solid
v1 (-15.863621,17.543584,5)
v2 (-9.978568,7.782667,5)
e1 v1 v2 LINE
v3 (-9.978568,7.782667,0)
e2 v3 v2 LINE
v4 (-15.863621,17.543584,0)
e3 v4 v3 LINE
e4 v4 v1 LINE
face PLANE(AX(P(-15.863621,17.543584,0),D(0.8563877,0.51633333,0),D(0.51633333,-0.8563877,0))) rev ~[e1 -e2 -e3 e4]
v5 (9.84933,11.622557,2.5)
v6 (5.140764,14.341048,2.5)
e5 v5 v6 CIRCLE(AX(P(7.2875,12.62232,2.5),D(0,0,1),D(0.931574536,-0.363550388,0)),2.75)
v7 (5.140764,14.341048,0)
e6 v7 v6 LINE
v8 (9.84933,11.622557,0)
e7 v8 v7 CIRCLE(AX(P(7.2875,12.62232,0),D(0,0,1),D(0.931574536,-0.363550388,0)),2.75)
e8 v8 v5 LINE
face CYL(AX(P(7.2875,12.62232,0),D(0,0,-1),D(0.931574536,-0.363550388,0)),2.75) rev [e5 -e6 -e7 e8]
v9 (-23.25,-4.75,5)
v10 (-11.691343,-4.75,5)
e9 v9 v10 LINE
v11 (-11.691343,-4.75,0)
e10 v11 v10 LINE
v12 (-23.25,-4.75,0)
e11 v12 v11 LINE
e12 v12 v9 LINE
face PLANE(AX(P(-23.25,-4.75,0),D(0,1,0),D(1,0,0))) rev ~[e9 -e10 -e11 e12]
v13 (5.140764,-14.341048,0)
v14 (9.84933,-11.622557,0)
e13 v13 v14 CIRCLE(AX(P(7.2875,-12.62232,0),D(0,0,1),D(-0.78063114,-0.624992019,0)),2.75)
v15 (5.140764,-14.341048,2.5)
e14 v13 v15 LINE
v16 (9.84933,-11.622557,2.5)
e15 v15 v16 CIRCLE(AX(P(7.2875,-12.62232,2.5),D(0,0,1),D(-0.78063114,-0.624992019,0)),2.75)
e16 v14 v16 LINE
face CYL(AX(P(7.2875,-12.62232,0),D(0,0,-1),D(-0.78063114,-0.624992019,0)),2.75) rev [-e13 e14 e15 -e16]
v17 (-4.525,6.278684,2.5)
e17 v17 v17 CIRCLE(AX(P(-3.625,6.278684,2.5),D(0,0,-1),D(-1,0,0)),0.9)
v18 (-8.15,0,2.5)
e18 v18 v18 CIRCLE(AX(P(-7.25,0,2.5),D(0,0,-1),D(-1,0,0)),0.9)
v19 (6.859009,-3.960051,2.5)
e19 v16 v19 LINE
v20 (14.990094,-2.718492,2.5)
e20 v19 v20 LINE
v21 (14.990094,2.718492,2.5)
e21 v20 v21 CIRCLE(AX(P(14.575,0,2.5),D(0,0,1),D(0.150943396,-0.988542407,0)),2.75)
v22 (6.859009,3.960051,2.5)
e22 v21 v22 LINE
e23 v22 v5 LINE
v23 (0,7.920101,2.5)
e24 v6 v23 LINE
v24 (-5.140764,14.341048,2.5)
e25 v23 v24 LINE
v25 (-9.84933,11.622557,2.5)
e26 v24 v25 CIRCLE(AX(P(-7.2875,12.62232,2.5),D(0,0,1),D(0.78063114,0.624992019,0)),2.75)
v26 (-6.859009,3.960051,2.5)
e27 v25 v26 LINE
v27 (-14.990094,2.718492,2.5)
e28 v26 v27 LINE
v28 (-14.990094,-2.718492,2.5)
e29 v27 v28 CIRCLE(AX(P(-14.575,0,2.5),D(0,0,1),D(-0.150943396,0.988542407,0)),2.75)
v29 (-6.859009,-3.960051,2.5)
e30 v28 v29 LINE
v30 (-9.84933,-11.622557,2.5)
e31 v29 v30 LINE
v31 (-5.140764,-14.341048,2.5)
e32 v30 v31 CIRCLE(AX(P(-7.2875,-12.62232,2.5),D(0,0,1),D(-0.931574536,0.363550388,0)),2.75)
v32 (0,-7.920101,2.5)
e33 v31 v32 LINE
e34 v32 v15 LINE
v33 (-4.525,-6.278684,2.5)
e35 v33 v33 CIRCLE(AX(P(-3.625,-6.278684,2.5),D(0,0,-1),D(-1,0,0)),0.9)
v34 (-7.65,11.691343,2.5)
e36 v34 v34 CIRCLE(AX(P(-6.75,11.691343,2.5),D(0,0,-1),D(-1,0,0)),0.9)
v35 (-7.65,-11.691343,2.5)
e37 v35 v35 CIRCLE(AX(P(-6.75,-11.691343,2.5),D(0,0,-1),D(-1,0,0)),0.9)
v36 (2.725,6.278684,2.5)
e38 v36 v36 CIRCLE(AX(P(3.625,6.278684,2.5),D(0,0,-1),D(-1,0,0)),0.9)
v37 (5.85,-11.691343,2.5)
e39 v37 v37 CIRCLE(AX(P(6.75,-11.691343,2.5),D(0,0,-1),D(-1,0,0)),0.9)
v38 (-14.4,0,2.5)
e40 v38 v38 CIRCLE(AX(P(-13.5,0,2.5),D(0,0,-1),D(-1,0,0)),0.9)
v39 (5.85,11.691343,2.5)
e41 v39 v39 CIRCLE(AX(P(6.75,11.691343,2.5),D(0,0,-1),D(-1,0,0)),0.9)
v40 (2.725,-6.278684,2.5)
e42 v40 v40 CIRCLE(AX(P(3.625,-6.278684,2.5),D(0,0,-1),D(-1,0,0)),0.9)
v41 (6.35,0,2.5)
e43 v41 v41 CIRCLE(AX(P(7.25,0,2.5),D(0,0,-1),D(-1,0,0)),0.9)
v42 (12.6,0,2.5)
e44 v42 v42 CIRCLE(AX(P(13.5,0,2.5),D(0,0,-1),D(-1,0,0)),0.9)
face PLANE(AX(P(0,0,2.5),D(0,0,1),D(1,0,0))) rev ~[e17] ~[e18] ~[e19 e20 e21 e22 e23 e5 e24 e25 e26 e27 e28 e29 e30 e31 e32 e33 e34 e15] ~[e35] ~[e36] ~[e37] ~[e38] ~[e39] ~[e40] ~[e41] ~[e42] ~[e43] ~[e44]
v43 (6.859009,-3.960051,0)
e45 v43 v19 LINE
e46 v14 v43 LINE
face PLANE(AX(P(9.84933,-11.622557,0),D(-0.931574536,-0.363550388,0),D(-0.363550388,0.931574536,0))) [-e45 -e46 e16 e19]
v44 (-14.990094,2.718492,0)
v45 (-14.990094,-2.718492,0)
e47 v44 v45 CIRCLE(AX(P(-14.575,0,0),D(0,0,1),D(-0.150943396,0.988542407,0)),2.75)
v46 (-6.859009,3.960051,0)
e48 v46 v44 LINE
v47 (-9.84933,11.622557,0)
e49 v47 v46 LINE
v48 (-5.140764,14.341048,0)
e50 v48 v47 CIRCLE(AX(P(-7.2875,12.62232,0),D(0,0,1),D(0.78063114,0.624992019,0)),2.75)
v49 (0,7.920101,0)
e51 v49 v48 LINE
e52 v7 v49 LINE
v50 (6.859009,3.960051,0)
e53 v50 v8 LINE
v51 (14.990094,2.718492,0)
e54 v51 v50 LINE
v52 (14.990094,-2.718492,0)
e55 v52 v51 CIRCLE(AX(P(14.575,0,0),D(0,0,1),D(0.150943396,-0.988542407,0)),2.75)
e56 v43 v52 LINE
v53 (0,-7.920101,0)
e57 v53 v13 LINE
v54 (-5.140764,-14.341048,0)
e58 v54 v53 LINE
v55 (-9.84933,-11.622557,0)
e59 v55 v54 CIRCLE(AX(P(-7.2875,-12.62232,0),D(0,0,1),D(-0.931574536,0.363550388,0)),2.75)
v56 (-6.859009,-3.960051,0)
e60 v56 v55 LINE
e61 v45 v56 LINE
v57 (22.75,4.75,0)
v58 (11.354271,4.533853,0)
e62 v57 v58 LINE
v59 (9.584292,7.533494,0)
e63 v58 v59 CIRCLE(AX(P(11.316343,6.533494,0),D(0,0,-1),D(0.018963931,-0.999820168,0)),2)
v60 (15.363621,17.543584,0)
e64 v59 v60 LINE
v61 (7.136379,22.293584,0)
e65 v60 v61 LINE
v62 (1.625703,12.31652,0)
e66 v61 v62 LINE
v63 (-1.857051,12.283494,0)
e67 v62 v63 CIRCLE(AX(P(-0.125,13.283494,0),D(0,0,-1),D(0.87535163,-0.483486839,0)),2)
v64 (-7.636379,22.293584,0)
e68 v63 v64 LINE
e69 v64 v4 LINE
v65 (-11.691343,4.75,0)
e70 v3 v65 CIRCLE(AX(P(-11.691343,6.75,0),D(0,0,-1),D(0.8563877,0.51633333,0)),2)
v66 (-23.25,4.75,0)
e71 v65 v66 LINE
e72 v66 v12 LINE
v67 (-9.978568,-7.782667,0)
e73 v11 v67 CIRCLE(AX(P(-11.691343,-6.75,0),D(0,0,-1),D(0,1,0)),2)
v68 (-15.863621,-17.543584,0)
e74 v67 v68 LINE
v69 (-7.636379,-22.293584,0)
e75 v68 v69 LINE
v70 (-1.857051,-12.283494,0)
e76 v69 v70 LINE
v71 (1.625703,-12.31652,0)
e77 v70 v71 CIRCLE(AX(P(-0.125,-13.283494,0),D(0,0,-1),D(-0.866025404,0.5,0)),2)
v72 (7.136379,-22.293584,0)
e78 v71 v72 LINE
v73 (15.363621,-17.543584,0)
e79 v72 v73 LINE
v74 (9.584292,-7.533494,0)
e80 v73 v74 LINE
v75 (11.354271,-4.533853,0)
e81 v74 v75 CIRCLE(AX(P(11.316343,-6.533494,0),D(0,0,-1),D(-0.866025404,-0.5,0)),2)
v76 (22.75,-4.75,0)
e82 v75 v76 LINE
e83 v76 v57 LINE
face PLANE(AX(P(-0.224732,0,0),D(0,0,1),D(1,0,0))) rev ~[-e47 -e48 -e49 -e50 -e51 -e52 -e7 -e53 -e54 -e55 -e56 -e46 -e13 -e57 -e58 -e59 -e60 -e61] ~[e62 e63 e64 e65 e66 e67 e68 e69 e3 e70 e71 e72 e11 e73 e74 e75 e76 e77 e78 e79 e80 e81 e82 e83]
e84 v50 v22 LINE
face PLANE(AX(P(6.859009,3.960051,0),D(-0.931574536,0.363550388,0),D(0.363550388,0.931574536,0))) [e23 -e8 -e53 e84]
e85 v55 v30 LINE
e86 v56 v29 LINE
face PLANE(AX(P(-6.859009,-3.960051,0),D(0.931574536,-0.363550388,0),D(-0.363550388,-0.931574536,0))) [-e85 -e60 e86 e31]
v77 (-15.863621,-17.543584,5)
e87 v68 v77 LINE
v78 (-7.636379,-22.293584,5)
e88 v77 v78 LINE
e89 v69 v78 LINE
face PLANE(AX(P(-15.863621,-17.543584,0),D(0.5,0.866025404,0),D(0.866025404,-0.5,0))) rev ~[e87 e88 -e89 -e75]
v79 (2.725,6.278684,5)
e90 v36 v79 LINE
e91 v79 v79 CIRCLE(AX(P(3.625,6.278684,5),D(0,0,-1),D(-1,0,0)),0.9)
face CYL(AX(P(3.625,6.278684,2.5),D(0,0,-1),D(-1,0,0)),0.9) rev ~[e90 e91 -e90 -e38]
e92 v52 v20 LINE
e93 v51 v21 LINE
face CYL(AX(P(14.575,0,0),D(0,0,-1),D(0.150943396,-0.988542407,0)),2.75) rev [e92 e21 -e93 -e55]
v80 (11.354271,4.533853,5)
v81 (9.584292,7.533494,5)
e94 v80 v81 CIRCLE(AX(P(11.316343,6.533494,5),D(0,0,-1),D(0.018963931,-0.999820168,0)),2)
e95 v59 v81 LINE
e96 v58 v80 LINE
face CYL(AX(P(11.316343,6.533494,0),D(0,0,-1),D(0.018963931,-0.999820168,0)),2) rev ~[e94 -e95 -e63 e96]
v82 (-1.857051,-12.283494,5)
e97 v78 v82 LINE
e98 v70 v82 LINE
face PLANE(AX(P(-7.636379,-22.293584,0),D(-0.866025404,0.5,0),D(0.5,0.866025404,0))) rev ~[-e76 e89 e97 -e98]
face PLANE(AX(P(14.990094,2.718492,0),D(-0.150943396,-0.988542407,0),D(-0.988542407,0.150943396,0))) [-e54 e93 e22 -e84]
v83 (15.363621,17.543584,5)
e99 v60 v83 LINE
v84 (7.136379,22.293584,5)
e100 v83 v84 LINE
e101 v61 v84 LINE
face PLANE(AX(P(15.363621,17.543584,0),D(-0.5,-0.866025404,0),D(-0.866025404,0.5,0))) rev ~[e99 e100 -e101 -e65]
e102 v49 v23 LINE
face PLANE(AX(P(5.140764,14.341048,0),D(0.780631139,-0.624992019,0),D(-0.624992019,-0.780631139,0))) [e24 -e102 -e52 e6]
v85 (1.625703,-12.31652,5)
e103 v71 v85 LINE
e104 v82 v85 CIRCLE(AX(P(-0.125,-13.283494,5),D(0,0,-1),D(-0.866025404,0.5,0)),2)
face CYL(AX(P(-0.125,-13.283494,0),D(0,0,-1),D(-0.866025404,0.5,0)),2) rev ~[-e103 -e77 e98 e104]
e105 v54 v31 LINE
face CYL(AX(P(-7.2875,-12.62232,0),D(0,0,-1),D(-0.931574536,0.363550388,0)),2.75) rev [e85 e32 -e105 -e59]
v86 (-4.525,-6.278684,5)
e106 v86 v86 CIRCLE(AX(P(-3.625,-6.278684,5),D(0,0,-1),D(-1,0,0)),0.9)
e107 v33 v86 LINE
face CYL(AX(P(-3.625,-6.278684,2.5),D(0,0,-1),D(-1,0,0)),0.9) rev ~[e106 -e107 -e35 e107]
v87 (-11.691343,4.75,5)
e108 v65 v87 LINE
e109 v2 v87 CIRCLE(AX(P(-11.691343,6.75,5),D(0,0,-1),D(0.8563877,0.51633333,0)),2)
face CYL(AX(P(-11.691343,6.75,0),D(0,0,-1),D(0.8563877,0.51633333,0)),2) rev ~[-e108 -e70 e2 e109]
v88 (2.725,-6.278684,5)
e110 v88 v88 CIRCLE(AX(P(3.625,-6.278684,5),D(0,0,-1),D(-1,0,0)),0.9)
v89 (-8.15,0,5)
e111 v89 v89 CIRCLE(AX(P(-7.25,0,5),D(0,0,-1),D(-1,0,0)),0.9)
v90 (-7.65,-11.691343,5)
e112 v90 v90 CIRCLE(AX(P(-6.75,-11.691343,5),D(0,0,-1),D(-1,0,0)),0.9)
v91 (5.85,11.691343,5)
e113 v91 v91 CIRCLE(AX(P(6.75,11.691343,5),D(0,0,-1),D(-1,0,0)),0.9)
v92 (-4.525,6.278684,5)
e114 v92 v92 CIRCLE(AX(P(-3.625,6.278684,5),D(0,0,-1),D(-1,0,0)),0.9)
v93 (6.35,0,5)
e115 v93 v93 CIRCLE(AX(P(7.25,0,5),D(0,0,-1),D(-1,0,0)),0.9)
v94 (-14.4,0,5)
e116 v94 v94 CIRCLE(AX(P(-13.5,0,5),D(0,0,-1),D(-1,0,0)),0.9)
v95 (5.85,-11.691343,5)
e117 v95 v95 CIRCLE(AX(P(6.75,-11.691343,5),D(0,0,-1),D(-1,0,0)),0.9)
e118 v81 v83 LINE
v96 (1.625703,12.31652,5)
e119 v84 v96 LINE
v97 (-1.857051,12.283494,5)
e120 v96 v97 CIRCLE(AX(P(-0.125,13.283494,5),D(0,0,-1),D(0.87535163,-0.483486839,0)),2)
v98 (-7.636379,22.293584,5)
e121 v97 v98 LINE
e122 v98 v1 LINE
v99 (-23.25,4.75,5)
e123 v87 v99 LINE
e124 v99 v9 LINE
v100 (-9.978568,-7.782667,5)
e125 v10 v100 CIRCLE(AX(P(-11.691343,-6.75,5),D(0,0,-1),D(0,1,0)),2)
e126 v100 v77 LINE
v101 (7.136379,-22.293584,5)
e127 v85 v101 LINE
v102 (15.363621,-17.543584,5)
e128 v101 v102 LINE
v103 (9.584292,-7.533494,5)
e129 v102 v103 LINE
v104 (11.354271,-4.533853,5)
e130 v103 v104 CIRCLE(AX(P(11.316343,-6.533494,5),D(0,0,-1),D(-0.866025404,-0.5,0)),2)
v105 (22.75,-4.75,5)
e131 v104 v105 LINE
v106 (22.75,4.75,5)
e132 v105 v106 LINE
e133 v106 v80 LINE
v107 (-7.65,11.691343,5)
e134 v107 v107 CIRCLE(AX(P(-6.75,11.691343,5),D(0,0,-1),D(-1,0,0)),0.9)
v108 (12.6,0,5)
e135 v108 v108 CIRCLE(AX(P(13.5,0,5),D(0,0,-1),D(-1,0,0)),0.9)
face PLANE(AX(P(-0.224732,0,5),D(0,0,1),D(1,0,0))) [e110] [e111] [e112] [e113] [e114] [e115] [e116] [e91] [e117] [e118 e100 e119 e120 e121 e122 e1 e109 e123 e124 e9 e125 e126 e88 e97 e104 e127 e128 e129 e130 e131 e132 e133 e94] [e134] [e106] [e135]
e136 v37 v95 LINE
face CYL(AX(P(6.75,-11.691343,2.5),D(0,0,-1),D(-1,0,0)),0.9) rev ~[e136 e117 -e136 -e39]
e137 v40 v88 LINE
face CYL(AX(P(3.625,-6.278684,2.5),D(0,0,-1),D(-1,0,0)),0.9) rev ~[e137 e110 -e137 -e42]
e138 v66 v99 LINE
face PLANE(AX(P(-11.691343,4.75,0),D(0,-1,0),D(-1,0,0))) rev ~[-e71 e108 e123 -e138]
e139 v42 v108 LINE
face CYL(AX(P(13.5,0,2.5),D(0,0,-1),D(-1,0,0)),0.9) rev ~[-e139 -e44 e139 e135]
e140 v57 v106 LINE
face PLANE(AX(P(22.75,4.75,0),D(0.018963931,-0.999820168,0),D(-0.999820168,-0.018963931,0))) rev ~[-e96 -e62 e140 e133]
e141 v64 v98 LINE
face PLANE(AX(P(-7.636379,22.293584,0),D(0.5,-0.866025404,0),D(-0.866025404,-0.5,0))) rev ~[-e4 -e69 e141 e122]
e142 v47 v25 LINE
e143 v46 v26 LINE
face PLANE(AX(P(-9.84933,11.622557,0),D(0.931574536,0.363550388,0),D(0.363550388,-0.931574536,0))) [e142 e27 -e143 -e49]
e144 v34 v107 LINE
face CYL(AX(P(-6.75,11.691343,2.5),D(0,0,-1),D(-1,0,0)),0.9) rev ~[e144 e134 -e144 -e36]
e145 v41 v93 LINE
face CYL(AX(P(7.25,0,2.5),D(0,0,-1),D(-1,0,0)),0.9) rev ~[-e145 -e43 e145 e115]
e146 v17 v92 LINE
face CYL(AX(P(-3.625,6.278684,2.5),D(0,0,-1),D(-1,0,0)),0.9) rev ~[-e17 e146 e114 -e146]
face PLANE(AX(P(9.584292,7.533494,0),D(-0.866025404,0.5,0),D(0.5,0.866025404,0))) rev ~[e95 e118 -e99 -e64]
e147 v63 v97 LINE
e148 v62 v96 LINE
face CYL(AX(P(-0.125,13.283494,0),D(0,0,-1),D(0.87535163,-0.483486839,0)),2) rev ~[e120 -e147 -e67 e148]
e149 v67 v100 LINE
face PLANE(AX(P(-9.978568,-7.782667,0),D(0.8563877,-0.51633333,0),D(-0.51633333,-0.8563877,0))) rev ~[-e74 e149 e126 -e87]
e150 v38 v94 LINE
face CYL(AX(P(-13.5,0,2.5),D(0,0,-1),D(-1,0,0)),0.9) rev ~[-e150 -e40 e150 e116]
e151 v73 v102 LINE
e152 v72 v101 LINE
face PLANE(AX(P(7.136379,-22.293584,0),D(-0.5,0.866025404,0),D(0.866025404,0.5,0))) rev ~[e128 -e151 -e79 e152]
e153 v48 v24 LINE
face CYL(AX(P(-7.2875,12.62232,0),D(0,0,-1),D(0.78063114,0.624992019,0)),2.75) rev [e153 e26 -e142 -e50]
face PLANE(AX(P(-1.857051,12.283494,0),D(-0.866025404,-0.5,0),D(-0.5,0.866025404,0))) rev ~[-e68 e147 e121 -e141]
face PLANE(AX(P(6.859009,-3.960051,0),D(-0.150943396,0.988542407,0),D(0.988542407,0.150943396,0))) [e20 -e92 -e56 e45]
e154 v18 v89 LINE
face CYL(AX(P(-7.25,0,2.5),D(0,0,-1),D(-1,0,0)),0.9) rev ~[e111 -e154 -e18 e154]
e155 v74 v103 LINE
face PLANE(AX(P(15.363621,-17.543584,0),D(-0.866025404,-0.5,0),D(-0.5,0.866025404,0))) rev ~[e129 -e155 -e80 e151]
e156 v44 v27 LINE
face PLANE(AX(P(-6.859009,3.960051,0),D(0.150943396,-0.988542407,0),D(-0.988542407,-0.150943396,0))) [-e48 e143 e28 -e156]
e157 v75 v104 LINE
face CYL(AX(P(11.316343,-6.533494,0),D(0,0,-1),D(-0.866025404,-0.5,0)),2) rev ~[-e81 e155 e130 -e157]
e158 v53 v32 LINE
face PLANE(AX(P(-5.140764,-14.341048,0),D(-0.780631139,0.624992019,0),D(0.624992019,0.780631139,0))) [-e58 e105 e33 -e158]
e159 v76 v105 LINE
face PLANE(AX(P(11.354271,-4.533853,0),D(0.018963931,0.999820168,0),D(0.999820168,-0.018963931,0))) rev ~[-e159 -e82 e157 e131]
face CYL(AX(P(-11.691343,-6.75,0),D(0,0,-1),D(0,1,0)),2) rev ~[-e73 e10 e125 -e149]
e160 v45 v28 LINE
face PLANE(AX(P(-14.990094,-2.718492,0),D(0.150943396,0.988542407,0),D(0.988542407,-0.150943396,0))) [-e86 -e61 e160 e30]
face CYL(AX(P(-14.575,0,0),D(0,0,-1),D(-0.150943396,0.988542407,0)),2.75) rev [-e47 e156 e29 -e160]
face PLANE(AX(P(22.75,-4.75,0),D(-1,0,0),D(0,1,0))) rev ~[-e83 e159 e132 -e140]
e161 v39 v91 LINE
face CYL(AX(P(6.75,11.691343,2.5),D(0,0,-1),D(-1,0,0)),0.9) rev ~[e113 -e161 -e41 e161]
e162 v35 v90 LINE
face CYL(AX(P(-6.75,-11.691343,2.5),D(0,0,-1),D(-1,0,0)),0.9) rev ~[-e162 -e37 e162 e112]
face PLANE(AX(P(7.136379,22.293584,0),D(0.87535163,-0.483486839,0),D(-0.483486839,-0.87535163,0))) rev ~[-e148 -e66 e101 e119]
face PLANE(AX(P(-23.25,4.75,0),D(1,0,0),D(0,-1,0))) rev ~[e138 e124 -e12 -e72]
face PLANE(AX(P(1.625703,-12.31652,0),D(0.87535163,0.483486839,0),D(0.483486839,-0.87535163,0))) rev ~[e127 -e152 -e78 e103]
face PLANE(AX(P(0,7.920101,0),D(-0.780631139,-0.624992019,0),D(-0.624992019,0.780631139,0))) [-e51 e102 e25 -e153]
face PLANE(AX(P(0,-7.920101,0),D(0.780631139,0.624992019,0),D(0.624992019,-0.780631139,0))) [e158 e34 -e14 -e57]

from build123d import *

# Parameters (mm, degrees)
BOSS_EXTRUDE2_DEPTH = 5
CUT_EXTRUDE5_DEPTH  = 2.5
SKETCH8_R           = 0.9
CUT_EXTRUDE6_DEPTH  = 33.308147585


with BuildPart() as part:
    # Sketch1 → Boss-Extrude2 (new body)
    with BuildSketch(Plane.XY):
        with BuildLine():
            Line((-23.25, 4.75), (-23.25, -4.75))
            Line((-23.25, -4.75), (-11.691342951, -4.75))
            ThreePointArc((-11.691342951, -4.75), (-9.949887623, -5.766468943), (-9.978567551, -7.78266666))
            Line((-9.978567551, -7.78266666), (-15.863620668, -17.543584287))
            Line((-15.863620668, -17.543584287), (-7.636379332, -22.293584287))
            Line((-7.636379332, -22.293584287), (-1.857050808, -12.283493649))
            ThreePointArc((-1.857050808, -12.283493649), (-0.106035217, -11.283583567), (1.625703261, -12.316519972))
            Line((1.625703261, -12.316519972), (7.136379332, -22.293584287))
            Line((7.136379332, -22.293584287), (15.363620668, -17.543584287))
            Line((15.363620668, -17.543584287), (9.584292144, -7.533493649))
            ThreePointArc((9.584292144, -7.533493649), (9.593852406, -5.517114624), (11.354270812, -4.533853312))
            Line((11.354270812, -4.533853312), (22.75, -4.75))
            Line((22.75, -4.75), (22.75, 4.75))
            Line((22.75, 4.75), (11.354270812, 4.533853312))
            ThreePointArc((11.354270812, 4.533853312), (9.593852406, 5.517114624), (9.584292144, 7.533493649))
            Line((9.584292144, 7.533493649), (15.363620668, 17.543584287))
            Line((15.363620668, 17.543584287), (7.136379332, 22.293584287))
            Line((7.136379332, 22.293584287), (1.625703261, 12.316519972))
            ThreePointArc((1.625703261, 12.316519972), (-0.106035217, 11.283583567), (-1.857050808, 12.283493649))
            Line((-1.857050808, 12.283493649), (-7.636379332, 22.293584287))
            Line((-7.636379332, 22.293584287), (-15.863620668, 17.543584287))
            Line((-15.863620668, 17.543584287), (-9.978567551, 7.78266666))
            ThreePointArc((-9.978567551, 7.78266666), (-9.949887623, 5.766468943), (-11.691342951, 4.75))
            Line((-11.691342951, 4.75), (-23.25, 4.75))
        make_face()
    extrude(amount=BOSS_EXTRUDE2_DEPTH)

    # Sketch7 → Cut-Extrude5 (cut)
    with BuildSketch(Plane(origin=(0, 0, 0), x_dir=(-1, 0, 0), z_dir=(0, 0, -1))):
        with BuildLine():
            Line((-6.859008781, 3.960050566), (-9.849329973, 11.622556693))
            ThreePointArc((-9.849329973, 11.622556693), (-8.6625, 15.003890121), (-5.140764367, 14.341048313))
            Line((-5.140764367, 14.341048313), (0, 7.920101132))
            Line((0, 7.920101132), (5.140764367, 14.341048313))
            ThreePointArc((5.140764367, 14.341048313), (8.6625, 15.003890121), (9.849329973, 11.622556693))
            Line((9.849329973, 11.622556693), (6.859008781, 3.960050566))
            Line((6.859008781, 3.960050566), (14.99009434, 2.71849162))
            ThreePointArc((14.99009434, 2.71849162), (17.325, 0), (14.99009434, -2.71849162))
            Line((14.99009434, -2.71849162), (6.859008781, -3.960050566))
            Line((6.859008781, -3.960050566), (9.849329973, -11.622556693))
            ThreePointArc((9.849329973, -11.622556693), (8.6625, -15.003890121), (5.140764367, -14.341048313))
            Line((5.140764367, -14.341048313), (0, -7.920101132))
            Line((0, -7.920101132), (-5.140764367, -14.341048313))
            ThreePointArc((-5.140764367, -14.341048313), (-8.6625, -15.003890121), (-9.849329973, -11.622556693))
            Line((-9.849329973, -11.622556693), (-6.859008781, -3.960050566))
            Line((-6.859008781, -3.960050566), (-14.99009434, -2.71849162))
            ThreePointArc((-14.99009434, -2.71849162), (-17.325, 0), (-14.99009434, 2.71849162))
            Line((-14.99009434, 2.71849162), (-6.859008781, 3.960050566))
        make_face()
    extrude(amount=-CUT_EXTRUDE5_DEPTH, mode=Mode.SUBTRACT)

    # Sketch8 → Cut-Extrude6 (cut, through all)
    with BuildSketch(Plane(origin=(0, 0, 2.5), x_dir=(-1, 0, 0), z_dir=(0, 0, -1))):
        with Locations((7.25, 0)):
            Circle(SKETCH8_R)
        with Locations((13.5, 0)):
            Circle(SKETCH8_R)
        with Locations((6.75, -11.691342951)):
            Circle(SKETCH8_R)
        with Locations((3.625, -6.278684177)):
            Circle(SKETCH8_R)
        with Locations((-6.75, -11.691342951)):
            Circle(SKETCH8_R)
        with Locations((-3.625, -6.278684177)):
            Circle(SKETCH8_R)
        with Locations((-13.5, 0)):
            Circle(SKETCH8_R)
        with Locations((-7.25, 0)):
            Circle(SKETCH8_R)
        with Locations((-6.75, 11.691342951)):
            Circle(SKETCH8_R)
        with Locations((-3.625, 6.278684177)):
            Circle(SKETCH8_R)
        with Locations((6.75, 11.691342951)):
            Circle(SKETCH8_R)
        with Locations((3.625, 6.278684177)):
            Circle(SKETCH8_R)
    extrude(amount=-CUT_EXTRUDE6_DEPTH, mode=Mode.SUBTRACT)


solid = part.part
